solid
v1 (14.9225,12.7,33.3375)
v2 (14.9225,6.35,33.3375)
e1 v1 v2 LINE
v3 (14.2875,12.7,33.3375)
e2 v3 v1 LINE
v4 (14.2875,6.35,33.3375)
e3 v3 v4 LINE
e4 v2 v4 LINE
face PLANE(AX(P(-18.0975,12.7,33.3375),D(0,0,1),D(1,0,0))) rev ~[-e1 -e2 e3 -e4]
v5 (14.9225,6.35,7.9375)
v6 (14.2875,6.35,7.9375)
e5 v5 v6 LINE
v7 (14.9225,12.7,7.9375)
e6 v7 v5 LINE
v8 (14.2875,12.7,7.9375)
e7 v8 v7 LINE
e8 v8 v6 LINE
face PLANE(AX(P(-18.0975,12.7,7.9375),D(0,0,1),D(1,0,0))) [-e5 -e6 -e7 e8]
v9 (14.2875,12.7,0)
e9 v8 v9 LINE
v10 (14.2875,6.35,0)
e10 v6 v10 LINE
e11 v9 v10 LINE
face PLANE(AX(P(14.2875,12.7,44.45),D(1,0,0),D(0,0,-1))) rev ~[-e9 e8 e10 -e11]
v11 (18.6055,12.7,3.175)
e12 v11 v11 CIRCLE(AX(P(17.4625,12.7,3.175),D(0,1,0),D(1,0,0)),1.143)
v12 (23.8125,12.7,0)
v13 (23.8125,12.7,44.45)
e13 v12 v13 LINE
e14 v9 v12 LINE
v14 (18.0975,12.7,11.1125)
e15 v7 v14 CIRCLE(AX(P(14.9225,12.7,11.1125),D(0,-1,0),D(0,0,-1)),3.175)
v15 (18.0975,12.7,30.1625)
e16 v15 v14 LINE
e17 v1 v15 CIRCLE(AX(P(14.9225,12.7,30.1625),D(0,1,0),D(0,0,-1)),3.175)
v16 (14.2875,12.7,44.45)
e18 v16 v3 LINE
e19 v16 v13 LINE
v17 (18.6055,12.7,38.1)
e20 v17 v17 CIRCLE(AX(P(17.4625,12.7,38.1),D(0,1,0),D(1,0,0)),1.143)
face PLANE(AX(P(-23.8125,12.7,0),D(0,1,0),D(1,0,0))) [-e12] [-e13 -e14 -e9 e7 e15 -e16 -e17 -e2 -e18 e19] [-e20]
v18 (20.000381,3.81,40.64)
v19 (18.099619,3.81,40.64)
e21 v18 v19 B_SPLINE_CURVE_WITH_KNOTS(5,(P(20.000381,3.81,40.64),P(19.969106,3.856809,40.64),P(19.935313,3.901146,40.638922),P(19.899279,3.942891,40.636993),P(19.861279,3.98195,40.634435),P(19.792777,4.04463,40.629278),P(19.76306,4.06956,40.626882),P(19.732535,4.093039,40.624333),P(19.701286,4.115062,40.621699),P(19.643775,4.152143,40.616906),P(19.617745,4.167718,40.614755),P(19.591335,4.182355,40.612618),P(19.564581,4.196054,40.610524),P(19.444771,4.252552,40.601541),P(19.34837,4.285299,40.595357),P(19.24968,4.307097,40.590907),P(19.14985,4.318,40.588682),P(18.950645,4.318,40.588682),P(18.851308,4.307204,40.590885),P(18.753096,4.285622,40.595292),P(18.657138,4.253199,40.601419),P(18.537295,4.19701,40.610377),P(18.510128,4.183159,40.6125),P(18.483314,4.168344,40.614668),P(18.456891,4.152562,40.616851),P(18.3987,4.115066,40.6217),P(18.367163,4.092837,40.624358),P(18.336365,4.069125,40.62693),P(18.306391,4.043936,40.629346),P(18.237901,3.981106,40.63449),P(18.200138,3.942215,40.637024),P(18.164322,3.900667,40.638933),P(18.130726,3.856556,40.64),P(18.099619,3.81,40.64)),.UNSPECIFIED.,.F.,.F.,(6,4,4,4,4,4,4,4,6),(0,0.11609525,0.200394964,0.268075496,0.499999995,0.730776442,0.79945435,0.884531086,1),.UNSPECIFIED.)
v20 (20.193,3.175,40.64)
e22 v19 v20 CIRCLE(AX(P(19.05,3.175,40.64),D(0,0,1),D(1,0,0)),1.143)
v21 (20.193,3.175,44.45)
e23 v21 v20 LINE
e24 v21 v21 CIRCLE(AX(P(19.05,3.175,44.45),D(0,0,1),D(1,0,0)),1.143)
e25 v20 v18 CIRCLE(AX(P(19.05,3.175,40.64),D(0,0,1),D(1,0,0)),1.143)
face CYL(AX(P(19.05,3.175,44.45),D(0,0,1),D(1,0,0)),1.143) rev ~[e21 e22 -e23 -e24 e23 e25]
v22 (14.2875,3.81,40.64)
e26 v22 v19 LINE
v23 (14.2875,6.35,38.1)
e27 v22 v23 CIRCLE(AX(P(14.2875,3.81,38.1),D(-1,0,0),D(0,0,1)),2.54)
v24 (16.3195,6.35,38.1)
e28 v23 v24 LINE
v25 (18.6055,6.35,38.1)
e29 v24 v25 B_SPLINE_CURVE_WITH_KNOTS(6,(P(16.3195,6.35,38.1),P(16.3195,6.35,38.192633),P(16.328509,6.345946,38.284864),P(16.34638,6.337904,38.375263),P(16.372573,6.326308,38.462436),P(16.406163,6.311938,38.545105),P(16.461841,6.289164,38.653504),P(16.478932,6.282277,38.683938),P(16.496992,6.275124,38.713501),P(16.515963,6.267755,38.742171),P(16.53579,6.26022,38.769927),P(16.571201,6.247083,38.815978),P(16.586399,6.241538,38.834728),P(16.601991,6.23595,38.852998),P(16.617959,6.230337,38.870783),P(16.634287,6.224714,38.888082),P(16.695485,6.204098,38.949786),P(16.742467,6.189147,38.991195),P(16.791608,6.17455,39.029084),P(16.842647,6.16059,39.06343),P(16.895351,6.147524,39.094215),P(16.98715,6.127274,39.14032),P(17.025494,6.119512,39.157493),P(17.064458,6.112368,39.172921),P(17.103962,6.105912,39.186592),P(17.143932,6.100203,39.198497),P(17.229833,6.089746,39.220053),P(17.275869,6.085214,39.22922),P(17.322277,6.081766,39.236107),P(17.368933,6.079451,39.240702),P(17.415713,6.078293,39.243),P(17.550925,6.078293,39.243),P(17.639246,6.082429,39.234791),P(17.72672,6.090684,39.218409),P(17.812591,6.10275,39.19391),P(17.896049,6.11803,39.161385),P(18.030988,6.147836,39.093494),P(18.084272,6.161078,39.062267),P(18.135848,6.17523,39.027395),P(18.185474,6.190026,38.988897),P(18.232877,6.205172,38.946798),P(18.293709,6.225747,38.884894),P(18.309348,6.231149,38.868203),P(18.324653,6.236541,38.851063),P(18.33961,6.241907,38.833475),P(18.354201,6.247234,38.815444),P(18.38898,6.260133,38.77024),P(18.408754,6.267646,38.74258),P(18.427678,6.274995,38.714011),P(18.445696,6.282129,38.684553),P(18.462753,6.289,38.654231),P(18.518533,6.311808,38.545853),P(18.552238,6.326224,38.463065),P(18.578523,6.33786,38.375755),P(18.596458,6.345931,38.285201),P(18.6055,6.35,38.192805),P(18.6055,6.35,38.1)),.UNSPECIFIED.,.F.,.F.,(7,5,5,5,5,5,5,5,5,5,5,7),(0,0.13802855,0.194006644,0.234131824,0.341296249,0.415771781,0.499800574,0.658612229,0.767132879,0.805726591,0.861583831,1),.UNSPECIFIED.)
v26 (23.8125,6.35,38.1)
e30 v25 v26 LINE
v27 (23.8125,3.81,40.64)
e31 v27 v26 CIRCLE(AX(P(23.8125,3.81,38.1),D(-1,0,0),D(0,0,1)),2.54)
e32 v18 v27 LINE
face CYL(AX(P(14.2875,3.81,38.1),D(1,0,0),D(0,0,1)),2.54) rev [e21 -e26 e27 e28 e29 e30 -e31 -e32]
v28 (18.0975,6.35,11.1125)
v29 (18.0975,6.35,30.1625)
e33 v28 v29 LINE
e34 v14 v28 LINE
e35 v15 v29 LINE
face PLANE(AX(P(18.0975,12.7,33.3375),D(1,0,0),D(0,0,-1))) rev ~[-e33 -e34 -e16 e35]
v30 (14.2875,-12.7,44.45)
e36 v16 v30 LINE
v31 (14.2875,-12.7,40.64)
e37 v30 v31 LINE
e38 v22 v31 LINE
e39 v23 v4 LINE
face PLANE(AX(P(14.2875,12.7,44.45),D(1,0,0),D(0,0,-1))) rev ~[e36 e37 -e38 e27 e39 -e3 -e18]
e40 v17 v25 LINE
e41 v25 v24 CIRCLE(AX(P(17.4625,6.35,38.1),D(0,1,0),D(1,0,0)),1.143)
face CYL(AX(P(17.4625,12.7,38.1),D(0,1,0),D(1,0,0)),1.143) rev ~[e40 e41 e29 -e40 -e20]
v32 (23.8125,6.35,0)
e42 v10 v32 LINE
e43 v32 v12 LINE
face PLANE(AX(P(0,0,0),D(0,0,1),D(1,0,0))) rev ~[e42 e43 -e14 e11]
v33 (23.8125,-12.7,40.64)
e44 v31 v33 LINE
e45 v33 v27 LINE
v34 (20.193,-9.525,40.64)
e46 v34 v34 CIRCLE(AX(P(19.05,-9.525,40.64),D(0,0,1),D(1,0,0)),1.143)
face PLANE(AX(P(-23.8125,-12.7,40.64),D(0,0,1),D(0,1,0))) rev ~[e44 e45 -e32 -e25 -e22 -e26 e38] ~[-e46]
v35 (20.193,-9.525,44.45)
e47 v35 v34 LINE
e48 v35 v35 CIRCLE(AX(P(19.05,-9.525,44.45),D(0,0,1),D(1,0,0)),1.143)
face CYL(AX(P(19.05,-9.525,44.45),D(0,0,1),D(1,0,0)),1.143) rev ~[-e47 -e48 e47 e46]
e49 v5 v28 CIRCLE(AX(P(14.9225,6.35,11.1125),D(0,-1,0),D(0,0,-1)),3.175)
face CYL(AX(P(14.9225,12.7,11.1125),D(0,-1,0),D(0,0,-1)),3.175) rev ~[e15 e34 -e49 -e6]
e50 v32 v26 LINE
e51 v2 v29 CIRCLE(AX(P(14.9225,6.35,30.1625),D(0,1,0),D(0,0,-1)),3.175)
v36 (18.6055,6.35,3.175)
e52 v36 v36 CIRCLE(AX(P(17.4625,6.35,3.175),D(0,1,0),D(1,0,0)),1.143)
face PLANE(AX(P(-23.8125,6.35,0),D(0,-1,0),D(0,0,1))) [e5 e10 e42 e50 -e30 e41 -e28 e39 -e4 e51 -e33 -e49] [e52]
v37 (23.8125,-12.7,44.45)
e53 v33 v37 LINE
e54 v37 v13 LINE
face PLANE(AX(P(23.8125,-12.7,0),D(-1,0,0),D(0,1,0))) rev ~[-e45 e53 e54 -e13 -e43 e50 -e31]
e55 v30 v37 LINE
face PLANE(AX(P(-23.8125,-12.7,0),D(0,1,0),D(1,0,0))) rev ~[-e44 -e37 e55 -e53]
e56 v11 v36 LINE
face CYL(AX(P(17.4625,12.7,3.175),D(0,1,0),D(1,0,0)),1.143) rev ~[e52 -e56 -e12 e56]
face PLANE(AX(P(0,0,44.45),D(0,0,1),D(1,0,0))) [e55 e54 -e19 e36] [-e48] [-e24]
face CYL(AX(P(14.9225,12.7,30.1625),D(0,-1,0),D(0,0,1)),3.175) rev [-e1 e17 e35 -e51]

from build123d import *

# Parameters (mm, degrees)
SKETCH2_W           = 47.625
SKETCH2_H           = 25.4
BOSS_EXTRUDE1_DEPTH = 44.45
SKETCH3_W           = 28.575
SKETCH3_H           = 44.45
CUT_EXTRUDE1_DEPTH  = 26.4
SKETCH4_W           = 40.64
SKETCH4_H           = 19.05
CUT_EXTRUDE2_DEPTH  = 48.625
FILLET1_R           = 2.54
FILLET2_R           = 2.54
SKETCH5_R           = 1.143
CUT_EXTRUDE3_DEPTH  = 45.45
SKETCH6_R           = 1.143
CUT_EXTRUDE4_DEPTH  = 45.45
SKETCH7_R           = 1.143
CUT_EXTRUDE5_DEPTH  = 10.16
SKETCH8_W           = 36.195
SKETCH8_H           = 25.4
CUT_EXTRUDE6_DEPTH  = 26.4
FILLET3_R           = 3.175
FILLET4_R           = 3.175
SKETCH9_W           = 63.744217065
SKETCH9_H           = 41.287723533
CUT_EXTRUDE7_DEPTH  = 38.1


with BuildPart() as part:
    # Sketch2 → Boss-Extrude1 (new body)
    with BuildSketch(Plane.XY):
        Rectangle(SKETCH2_W, SKETCH2_H)
    extrude(amount=BOSS_EXTRUDE1_DEPTH)

    # Sketch3 → Cut-Extrude1 (cut, through all)
    with BuildSketch(Plane(origin=(0, 12.7, 0), x_dir=(1, 0, 0), z_dir=(0, 1, 0))):
        with Locations((0, -22.225)):
            Rectangle(SKETCH3_W, SKETCH3_H)
    extrude(amount=-CUT_EXTRUDE1_DEPTH, mode=Mode.SUBTRACT)

    # Sketch4 → Cut-Extrude2 (cut, through all)
    with BuildSketch(Plane.ZY.offset(23.8125)):
        with Locations((20.32, -3.175)):
            Rectangle(SKETCH4_W, SKETCH4_H)
    extrude(amount=-CUT_EXTRUDE2_DEPTH, mode=Mode.SUBTRACT)

    # Fillet1
    fillet1_edges = [part.edges().sort_by_distance(p)[0] for p in [
        (19.05, 6.35, 40.64),
    ]]
    fillet(fillet1_edges, radius=FILLET1_R)

    # Fillet2
    fillet2_edges = [part.edges().sort_by_distance(p)[0] for p in [
        (-19.05, 6.35, 40.64),
    ]]
    fillet(fillet2_edges, radius=FILLET2_R)

    # Sketch5 → Cut-Extrude3 (cut, through all)
    with BuildSketch(Plane.XY.offset(44.45)):
        with Locations((-19.05, -9.525)):
            Circle(SKETCH5_R)
        with Locations((-19.05, 3.175)):
            Circle(SKETCH5_R)
    extrude(amount=-CUT_EXTRUDE3_DEPTH, mode=Mode.SUBTRACT)

    # Sketch6 → Cut-Extrude4 (cut, through all)
    with BuildSketch(Plane.XY.offset(44.45)):
        with Locations((19.05, -9.525)):
            Circle(SKETCH6_R)
        with Locations((19.05, 3.175)):
            Circle(SKETCH6_R)
    extrude(amount=-CUT_EXTRUDE4_DEPTH, mode=Mode.SUBTRACT)

    # Sketch7 → Cut-Extrude5 (cut)
    with BuildSketch(Plane(origin=(0, 12.7, 0), x_dir=(1, 0, 0), z_dir=(0, 1, 0))):
        with Locations((-17.4625, -38.1)):
            Circle(SKETCH7_R)
        with Locations((17.4625, -38.1)):
            Circle(SKETCH7_R)
        with Locations((-17.4625, -3.175)):
            Circle(SKETCH7_R)
        with Locations((17.4625, -3.175)):
            Circle(SKETCH7_R)
    extrude(amount=-CUT_EXTRUDE5_DEPTH, mode=Mode.SUBTRACT)

    # Sketch8 → Cut-Extrude6 (cut, through all)
    with BuildSketch(Plane(origin=(0, 12.7, 0), x_dir=(1, 0, 0), z_dir=(0, 1, 0))):
        with Locations((0, -20.6375)):
            Rectangle(SKETCH8_W, SKETCH8_H)
    extrude(amount=-CUT_EXTRUDE6_DEPTH, mode=Mode.SUBTRACT)

    # Fillet3
    fillet3_edges = [part.edges().sort_by_distance(p)[0] for p in [
        (-18.0975, 9.525, 33.3375),
        (-18.0975, 9.525, 7.9375),
    ]]
    fillet(fillet3_edges, radius=FILLET3_R)

    # Fillet4
    fillet4_edges = [part.edges().sort_by_distance(p)[0] for p in [
        (18.0975, 9.525, 7.9375),
        (18.0975, 9.525, 33.3375),
    ]]
    fillet(fillet4_edges, radius=FILLET4_R)

    # Sketch9 → Cut-Extrude7 (cut)
    with BuildSketch(Plane(origin=(0, 0, 0), x_dir=(0, 0, -1), z_dir=(1, 0, 0))):
        with Locations((-15.024823823, -3.021052942)):
            Rectangle(SKETCH9_W, SKETCH9_H)
    extrude(amount=-CUT_EXTRUDE7_DEPTH, mode=Mode.SUBTRACT)


solid = part.part
